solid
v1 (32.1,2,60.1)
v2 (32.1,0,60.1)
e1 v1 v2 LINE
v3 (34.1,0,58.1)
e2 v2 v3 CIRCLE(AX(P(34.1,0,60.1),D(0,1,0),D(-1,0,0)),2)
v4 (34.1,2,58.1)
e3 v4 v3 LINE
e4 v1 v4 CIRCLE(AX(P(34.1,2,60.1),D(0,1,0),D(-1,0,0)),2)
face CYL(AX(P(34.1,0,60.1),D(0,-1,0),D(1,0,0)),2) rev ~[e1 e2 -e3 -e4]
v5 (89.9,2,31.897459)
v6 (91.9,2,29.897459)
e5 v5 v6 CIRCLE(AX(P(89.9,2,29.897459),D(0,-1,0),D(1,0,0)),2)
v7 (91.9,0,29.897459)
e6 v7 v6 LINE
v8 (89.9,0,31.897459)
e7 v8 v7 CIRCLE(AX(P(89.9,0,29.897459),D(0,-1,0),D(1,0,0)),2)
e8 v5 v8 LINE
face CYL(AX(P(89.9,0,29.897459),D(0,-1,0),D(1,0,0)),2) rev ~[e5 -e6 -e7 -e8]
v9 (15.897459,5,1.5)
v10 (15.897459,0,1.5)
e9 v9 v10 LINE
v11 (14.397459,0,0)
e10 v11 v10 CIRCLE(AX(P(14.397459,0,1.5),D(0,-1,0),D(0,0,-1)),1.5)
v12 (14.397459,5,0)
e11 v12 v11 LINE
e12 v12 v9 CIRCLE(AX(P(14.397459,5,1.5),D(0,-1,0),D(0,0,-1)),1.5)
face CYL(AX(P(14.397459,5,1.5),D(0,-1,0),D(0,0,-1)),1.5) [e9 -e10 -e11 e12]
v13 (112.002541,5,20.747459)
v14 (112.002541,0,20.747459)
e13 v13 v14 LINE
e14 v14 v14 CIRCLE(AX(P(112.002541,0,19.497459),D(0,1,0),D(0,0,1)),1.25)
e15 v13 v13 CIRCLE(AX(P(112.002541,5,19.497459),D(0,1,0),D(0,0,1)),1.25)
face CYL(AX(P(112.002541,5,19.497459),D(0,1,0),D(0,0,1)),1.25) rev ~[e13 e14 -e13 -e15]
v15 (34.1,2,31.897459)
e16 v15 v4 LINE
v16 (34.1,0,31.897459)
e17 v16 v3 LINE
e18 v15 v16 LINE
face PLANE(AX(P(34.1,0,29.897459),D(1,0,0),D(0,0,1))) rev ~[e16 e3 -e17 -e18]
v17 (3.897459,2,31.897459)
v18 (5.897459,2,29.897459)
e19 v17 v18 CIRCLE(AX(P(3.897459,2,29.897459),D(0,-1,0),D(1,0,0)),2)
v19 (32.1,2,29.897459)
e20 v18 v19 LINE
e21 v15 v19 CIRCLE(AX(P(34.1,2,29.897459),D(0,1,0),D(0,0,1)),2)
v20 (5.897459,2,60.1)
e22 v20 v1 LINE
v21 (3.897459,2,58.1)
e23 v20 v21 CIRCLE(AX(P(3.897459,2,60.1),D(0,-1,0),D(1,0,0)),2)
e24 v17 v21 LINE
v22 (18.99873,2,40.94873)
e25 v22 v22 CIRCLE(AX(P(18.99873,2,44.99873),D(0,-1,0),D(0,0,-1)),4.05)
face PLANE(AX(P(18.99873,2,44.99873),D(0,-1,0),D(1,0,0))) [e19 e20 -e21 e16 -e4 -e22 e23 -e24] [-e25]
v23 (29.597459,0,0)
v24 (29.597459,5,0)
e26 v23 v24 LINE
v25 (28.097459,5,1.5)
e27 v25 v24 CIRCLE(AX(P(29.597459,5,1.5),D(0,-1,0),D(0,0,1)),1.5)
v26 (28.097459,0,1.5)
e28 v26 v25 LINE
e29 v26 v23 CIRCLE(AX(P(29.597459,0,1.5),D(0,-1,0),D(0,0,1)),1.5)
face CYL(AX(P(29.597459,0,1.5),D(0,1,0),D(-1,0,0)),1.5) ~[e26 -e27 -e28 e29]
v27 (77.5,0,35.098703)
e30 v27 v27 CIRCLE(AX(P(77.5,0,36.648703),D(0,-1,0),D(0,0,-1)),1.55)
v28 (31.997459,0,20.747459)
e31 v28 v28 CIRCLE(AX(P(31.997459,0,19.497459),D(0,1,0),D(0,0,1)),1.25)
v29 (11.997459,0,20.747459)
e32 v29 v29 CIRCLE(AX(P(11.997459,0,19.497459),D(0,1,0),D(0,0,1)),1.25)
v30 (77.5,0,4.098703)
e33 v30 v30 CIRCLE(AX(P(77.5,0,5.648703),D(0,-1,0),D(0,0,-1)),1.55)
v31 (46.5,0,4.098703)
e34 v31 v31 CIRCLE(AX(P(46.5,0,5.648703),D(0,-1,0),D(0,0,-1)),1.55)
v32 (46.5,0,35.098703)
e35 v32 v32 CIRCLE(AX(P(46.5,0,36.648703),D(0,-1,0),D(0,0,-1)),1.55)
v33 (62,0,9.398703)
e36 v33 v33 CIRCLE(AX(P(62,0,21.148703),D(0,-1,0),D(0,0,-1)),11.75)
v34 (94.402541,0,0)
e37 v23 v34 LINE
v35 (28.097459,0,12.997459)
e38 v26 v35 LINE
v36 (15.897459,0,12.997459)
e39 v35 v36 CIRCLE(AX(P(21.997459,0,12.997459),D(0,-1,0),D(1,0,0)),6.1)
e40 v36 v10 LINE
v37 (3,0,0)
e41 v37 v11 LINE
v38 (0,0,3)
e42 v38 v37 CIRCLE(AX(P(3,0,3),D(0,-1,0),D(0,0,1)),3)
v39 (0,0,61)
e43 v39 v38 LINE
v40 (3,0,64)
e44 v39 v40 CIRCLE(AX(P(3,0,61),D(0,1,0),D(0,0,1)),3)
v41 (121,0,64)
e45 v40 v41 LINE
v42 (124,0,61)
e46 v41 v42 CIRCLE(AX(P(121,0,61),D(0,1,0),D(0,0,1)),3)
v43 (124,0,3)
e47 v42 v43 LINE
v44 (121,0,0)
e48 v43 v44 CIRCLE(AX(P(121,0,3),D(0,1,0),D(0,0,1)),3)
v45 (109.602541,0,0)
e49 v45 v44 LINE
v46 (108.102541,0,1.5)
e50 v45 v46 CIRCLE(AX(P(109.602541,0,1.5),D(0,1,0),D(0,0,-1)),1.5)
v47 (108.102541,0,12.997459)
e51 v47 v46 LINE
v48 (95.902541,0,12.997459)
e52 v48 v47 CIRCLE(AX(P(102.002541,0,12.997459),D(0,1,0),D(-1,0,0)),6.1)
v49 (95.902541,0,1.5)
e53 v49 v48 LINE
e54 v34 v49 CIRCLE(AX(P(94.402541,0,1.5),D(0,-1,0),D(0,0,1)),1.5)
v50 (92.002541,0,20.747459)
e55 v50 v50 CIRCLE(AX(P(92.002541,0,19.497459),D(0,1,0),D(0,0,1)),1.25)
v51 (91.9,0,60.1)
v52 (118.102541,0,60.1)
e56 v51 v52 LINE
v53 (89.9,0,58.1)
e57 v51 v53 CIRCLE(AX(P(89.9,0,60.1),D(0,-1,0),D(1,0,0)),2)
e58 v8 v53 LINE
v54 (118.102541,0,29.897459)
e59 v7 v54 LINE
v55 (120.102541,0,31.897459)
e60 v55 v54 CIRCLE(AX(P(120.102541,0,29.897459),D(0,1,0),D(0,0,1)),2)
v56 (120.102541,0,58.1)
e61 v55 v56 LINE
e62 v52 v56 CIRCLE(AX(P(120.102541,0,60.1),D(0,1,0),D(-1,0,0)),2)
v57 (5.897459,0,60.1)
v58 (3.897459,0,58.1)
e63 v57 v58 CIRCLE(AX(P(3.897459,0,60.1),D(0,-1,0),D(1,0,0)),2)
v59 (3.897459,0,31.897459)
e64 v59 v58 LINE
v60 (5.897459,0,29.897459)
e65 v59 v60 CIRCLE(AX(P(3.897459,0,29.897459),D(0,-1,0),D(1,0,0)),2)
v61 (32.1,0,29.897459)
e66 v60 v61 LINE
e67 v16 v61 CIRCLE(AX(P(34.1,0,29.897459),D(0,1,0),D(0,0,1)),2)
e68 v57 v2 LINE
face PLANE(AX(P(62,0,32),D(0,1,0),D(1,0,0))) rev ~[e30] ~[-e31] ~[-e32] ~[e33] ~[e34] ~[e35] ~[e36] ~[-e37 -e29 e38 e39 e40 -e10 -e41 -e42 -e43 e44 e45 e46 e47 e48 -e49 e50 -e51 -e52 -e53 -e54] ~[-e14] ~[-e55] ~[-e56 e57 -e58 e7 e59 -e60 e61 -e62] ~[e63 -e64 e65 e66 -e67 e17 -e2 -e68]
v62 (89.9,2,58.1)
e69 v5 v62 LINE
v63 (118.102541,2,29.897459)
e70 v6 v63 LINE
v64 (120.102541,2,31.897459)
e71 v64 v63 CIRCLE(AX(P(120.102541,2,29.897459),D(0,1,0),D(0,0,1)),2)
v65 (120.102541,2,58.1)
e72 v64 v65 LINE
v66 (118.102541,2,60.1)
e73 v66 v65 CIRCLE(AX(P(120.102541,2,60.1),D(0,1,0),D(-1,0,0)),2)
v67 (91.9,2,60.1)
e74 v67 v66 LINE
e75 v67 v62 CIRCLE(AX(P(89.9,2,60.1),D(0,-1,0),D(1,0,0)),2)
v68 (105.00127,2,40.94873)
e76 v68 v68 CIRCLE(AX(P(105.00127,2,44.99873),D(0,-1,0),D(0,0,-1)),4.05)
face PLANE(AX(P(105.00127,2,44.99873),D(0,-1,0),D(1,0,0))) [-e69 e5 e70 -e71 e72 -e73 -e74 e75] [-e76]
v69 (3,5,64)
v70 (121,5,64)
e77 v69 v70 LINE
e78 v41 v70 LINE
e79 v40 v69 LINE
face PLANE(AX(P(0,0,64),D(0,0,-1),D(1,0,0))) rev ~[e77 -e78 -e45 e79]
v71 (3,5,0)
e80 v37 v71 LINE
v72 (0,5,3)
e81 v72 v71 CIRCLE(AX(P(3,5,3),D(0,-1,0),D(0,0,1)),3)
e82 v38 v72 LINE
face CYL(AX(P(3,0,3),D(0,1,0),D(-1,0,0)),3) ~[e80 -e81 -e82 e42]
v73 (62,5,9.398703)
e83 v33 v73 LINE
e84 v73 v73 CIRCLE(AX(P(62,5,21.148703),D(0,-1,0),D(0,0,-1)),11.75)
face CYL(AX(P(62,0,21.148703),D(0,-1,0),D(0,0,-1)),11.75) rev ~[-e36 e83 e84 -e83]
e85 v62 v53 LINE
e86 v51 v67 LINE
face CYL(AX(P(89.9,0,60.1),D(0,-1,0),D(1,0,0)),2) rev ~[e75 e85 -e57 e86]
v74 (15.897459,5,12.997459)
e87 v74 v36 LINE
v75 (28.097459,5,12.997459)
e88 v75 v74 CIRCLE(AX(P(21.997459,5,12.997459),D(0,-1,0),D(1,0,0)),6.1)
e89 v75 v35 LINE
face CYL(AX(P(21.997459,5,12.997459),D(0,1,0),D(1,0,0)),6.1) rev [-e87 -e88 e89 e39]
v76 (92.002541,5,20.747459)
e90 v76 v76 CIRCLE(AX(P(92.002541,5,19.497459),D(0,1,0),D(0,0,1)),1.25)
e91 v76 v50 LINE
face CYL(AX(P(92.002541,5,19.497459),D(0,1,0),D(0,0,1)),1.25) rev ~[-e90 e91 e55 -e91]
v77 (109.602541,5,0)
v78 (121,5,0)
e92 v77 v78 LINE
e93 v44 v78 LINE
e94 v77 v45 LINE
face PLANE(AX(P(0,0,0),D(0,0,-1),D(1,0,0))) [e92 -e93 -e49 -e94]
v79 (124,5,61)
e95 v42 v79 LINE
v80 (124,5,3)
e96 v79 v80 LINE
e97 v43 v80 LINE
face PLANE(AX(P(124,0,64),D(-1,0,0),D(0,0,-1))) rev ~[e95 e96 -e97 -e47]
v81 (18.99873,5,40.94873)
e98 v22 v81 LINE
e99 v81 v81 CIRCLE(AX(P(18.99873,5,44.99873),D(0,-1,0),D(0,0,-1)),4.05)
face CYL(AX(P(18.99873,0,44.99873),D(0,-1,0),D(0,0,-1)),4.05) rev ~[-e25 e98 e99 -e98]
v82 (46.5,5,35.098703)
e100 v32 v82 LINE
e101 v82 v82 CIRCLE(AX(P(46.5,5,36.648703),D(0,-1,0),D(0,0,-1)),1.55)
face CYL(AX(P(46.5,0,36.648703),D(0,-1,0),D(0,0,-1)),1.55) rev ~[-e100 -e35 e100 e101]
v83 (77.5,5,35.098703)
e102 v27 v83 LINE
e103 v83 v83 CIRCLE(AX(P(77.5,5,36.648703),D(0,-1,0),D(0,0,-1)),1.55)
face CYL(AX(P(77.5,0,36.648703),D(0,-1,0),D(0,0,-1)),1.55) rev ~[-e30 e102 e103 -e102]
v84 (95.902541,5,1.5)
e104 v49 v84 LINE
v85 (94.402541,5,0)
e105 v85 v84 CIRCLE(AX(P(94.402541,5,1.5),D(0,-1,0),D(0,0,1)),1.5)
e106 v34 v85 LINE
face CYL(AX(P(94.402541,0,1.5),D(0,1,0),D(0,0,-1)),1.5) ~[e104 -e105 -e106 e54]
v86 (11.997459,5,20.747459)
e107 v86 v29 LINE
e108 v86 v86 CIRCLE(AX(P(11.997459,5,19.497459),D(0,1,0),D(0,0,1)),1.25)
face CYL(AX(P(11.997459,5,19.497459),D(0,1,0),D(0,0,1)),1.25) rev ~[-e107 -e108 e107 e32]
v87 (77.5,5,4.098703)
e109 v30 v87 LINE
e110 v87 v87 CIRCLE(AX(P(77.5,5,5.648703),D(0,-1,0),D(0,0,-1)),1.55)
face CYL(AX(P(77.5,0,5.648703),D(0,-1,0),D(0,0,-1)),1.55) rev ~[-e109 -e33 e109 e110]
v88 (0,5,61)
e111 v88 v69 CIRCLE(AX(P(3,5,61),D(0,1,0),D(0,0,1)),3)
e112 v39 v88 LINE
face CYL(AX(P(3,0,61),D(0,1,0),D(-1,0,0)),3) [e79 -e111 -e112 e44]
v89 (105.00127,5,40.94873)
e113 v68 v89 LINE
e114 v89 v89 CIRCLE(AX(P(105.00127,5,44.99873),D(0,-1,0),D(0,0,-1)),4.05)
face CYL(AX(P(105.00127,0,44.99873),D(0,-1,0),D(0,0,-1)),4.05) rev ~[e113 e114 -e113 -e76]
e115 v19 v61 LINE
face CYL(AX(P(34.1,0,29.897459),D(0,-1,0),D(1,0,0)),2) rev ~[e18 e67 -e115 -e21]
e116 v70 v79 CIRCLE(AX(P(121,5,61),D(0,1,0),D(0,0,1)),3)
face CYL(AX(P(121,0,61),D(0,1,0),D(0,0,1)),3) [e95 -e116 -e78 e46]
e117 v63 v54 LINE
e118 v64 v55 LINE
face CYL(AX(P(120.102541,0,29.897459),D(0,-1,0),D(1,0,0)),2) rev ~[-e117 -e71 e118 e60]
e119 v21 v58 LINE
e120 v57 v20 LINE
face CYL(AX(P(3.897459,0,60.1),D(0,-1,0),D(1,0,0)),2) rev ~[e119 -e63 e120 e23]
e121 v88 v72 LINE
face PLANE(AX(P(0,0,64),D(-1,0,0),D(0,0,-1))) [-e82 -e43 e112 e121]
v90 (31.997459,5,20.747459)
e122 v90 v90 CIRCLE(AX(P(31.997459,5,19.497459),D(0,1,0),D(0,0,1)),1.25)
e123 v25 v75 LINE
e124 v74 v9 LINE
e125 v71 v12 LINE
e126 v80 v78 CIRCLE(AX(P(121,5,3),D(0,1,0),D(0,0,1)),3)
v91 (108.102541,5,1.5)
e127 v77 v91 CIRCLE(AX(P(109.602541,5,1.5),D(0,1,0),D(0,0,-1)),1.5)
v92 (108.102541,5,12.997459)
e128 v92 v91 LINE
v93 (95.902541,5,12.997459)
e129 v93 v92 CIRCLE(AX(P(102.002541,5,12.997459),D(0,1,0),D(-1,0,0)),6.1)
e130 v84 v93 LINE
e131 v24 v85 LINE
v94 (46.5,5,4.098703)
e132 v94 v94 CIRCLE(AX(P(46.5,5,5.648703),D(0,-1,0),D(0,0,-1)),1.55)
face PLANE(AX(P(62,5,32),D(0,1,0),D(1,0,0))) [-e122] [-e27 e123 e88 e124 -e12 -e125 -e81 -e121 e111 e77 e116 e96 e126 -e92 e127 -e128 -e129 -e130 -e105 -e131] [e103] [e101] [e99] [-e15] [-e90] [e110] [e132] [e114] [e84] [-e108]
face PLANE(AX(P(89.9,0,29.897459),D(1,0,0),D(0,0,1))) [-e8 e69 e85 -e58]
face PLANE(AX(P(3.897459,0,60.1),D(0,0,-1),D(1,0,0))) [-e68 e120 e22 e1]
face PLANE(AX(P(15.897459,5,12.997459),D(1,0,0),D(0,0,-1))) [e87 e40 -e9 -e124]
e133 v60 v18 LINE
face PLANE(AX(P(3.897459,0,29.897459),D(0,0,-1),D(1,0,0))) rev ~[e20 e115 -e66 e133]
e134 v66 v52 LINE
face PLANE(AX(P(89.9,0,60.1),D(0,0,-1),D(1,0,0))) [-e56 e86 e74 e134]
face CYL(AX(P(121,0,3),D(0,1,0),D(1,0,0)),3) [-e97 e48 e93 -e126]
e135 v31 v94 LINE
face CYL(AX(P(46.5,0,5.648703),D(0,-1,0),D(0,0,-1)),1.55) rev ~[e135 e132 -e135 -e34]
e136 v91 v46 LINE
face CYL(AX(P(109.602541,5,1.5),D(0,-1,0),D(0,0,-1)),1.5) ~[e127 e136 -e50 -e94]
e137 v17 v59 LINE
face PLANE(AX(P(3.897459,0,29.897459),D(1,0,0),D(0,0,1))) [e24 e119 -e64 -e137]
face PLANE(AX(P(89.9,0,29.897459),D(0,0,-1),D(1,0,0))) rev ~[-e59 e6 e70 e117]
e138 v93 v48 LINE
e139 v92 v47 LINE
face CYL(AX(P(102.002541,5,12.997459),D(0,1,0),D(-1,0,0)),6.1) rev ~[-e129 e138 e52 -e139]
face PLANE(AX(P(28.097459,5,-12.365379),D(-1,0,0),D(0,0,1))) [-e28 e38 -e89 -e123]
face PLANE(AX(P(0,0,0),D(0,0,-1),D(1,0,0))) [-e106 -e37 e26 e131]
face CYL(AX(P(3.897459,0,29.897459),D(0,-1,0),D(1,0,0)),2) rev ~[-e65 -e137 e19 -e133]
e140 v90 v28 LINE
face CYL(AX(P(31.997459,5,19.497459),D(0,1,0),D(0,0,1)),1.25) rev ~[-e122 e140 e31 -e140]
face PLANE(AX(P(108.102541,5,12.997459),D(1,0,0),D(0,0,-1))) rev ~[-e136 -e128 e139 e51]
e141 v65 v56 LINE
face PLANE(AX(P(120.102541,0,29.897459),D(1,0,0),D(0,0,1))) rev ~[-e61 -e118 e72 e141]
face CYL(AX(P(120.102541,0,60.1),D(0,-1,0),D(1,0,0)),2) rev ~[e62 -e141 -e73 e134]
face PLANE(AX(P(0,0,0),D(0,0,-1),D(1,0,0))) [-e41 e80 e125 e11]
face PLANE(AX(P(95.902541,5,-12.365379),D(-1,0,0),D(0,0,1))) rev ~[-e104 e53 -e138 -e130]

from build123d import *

# Parameters (mm, degrees)
SKETCH1_W           = 124
SKETCH1_H           = 64
BOSS_EXTRUDE1_DEPTH = 5
CUT_EXTRUDE1_DEPTH  = 5
SKETCH3_W           = 30.202540726
SKETCH3_H           = 30.202540726
CUT_EXTRUDE2_DEPTH  = 2
SKETCH4_R           = 2
CUT_EXTRUDE3_DEPTH  = 2
SKETCH5_R           = 4.05
SKETCH5_R_2         = 1.55
SKETCH5_R_3         = 11.75
CUT_EXTRUDE4_DEPTH  = 5
SKETCH6_R           = 1.25
CUT_EXTRUDE5_DEPTH  = 10
FILLET1_R           = 3
FILLET2_R           = 1.5


with BuildPart() as part:
    # Sketch1 → Boss-Extrude1 (new body)
    with BuildSketch(Plane(origin=(0, 0, 0), x_dir=(1, 0, 0), z_dir=(0, 1, 0))):
        with Locations((62, -32)):
            Rectangle(SKETCH1_W, SKETCH1_H)
    extrude(amount=BOSS_EXTRUDE1_DEPTH)

    # Sketch2 → Cut-Extrude1 (cut)
    with BuildSketch(Plane(origin=(0, 5, 0), x_dir=(1, 0, 0), z_dir=(0, 1, 0))):
        with BuildLine():
            Line((15.897459274, -12.997459274), (15.897459274, 12.365379101))
            Line((15.897459274, 12.365379101), (28.097459274, 12.365379101))
            Line((28.097459274, 12.365379101), (28.097459274, -12.997459274))
            ThreePointArc((28.097459274, -12.997459274), (21.997459274, -19.097459274), (15.897459274, -12.997459274))
        make_face()
        with BuildLine():
            Line((95.902540726, 12.365379101), (95.902540726, -12.997459274))
            ThreePointArc((95.902540726, -12.997459274), (102.002540726, -19.097459274), (108.102540726, -12.997459274))
            Line((108.102540726, -12.997459274), (108.102540726, 12.365379101))
            Line((108.102540726, 12.365379101), (95.902540726, 12.365379101))
        make_face()
    extrude(amount=-CUT_EXTRUDE1_DEPTH, mode=Mode.SUBTRACT)

    # Sketch3 → Cut-Extrude2 (cut)
    with BuildSketch(Plane.XZ):
        with Locations((18.998729637, 44.998729637)):
            Rectangle(SKETCH3_W, SKETCH3_H)
        with Locations((105.001270363, 44.998729637)):
            Rectangle(SKETCH3_W, SKETCH3_H)
    extrude(amount=-CUT_EXTRUDE2_DEPTH, mode=Mode.SUBTRACT)

    # Sketch4 → Cut-Extrude3 (cut)
    with BuildSketch(Plane.XZ):
        with Locations((34.1, 29.897459274)):
            Circle(SKETCH4_R)
        with Locations((34.1, 60.1)):
            Circle(SKETCH4_R)
        with Locations((3.897459274, 60.1)):
            Circle(SKETCH4_R)
        with Locations((3.897459274, 29.897459274)):
            Circle(SKETCH4_R)
        with Locations((120.102540726, 29.897459274)):
            Circle(SKETCH4_R)
        with Locations((120.102540726, 60.1)):
            Circle(SKETCH4_R)
        with Locations((89.9, 60.1)):
            Circle(SKETCH4_R)
        with Locations((89.9, 29.897459274)):
            Circle(SKETCH4_R)
    extrude(amount=-CUT_EXTRUDE3_DEPTH, mode=Mode.SUBTRACT)

    # Sketch5 → Cut-Extrude4 (cut)
    with BuildSketch(Plane.XZ):
        with Locations(Location((18.998729637, 44.998729637, 0), (0, 0, 270))):
            Circle(SKETCH5_R)
        with Locations(Location((105.001270363, 44.998729637, 0), (0, 0, 270))):
            Circle(SKETCH5_R)
        with Locations(Location((77.5, 36.648702719, 0), (0, 0, 270))):
            Circle(SKETCH5_R_2)
        with Locations(Location((46.5, 36.648702719, 0), (0, 0, 270))):
            Circle(SKETCH5_R_2)
        with Locations(Location((46.5, 5.648702719, 0), (0, 0, 270))):
            Circle(SKETCH5_R_2)
        with Locations(Location((77.5, 5.648702719, 0), (0, 0, 270))):
            Circle(SKETCH5_R_2)
        with Locations(Location((62, 21.148702719, 0), (0, 0, 270))):
            Circle(SKETCH5_R_3)
    extrude(amount=-CUT_EXTRUDE4_DEPTH, mode=Mode.SUBTRACT)

    # Sketch6 → Cut-Extrude5 (cut)
    with BuildSketch(Plane(origin=(0, 5, 0), x_dir=(1, 0, 0), z_dir=(0, 1, 0))):
        with Locations(Location((11.997459274, -19.497459274, 0), (0, 0, 270))):
            Circle(SKETCH6_R)
        with Locations(Location((31.997459274, -19.497459274, 0), (0, 0, 270))):
            Circle(SKETCH6_R)
        with Locations(Location((92.002540726, -19.497459274, 0), (0, 0, 270))):
            Circle(SKETCH6_R)
        with Locations(Location((112.002540726, -19.497459274, 0), (0, 0, 270))):
            Circle(SKETCH6_R)
    extrude(amount=-CUT_EXTRUDE5_DEPTH, mode=Mode.SUBTRACT)

    # Fillet1
    fillet1_edges = [part.edges().sort_by_distance(p)[0] for p in [
        (0, 2.5, 0),
        (124, 2.5, 0),
        (124, 2.5, 64),
        (0, 2.5, 64),
    ]]
    fillet(fillet1_edges, radius=FILLET1_R)

    # Fillet2
    fillet2_edges = [part.edges().sort_by_distance(p)[0] for p in [
        (15.897459274, 2.5, 0),
        (28.097459274, 2.5, 0),
        (95.902540726, 2.5, 0),
        (108.102540726, 2.5, 0),
    ]]
    fillet(fillet2_edges, radius=FILLET2_R)


solid = part.part
